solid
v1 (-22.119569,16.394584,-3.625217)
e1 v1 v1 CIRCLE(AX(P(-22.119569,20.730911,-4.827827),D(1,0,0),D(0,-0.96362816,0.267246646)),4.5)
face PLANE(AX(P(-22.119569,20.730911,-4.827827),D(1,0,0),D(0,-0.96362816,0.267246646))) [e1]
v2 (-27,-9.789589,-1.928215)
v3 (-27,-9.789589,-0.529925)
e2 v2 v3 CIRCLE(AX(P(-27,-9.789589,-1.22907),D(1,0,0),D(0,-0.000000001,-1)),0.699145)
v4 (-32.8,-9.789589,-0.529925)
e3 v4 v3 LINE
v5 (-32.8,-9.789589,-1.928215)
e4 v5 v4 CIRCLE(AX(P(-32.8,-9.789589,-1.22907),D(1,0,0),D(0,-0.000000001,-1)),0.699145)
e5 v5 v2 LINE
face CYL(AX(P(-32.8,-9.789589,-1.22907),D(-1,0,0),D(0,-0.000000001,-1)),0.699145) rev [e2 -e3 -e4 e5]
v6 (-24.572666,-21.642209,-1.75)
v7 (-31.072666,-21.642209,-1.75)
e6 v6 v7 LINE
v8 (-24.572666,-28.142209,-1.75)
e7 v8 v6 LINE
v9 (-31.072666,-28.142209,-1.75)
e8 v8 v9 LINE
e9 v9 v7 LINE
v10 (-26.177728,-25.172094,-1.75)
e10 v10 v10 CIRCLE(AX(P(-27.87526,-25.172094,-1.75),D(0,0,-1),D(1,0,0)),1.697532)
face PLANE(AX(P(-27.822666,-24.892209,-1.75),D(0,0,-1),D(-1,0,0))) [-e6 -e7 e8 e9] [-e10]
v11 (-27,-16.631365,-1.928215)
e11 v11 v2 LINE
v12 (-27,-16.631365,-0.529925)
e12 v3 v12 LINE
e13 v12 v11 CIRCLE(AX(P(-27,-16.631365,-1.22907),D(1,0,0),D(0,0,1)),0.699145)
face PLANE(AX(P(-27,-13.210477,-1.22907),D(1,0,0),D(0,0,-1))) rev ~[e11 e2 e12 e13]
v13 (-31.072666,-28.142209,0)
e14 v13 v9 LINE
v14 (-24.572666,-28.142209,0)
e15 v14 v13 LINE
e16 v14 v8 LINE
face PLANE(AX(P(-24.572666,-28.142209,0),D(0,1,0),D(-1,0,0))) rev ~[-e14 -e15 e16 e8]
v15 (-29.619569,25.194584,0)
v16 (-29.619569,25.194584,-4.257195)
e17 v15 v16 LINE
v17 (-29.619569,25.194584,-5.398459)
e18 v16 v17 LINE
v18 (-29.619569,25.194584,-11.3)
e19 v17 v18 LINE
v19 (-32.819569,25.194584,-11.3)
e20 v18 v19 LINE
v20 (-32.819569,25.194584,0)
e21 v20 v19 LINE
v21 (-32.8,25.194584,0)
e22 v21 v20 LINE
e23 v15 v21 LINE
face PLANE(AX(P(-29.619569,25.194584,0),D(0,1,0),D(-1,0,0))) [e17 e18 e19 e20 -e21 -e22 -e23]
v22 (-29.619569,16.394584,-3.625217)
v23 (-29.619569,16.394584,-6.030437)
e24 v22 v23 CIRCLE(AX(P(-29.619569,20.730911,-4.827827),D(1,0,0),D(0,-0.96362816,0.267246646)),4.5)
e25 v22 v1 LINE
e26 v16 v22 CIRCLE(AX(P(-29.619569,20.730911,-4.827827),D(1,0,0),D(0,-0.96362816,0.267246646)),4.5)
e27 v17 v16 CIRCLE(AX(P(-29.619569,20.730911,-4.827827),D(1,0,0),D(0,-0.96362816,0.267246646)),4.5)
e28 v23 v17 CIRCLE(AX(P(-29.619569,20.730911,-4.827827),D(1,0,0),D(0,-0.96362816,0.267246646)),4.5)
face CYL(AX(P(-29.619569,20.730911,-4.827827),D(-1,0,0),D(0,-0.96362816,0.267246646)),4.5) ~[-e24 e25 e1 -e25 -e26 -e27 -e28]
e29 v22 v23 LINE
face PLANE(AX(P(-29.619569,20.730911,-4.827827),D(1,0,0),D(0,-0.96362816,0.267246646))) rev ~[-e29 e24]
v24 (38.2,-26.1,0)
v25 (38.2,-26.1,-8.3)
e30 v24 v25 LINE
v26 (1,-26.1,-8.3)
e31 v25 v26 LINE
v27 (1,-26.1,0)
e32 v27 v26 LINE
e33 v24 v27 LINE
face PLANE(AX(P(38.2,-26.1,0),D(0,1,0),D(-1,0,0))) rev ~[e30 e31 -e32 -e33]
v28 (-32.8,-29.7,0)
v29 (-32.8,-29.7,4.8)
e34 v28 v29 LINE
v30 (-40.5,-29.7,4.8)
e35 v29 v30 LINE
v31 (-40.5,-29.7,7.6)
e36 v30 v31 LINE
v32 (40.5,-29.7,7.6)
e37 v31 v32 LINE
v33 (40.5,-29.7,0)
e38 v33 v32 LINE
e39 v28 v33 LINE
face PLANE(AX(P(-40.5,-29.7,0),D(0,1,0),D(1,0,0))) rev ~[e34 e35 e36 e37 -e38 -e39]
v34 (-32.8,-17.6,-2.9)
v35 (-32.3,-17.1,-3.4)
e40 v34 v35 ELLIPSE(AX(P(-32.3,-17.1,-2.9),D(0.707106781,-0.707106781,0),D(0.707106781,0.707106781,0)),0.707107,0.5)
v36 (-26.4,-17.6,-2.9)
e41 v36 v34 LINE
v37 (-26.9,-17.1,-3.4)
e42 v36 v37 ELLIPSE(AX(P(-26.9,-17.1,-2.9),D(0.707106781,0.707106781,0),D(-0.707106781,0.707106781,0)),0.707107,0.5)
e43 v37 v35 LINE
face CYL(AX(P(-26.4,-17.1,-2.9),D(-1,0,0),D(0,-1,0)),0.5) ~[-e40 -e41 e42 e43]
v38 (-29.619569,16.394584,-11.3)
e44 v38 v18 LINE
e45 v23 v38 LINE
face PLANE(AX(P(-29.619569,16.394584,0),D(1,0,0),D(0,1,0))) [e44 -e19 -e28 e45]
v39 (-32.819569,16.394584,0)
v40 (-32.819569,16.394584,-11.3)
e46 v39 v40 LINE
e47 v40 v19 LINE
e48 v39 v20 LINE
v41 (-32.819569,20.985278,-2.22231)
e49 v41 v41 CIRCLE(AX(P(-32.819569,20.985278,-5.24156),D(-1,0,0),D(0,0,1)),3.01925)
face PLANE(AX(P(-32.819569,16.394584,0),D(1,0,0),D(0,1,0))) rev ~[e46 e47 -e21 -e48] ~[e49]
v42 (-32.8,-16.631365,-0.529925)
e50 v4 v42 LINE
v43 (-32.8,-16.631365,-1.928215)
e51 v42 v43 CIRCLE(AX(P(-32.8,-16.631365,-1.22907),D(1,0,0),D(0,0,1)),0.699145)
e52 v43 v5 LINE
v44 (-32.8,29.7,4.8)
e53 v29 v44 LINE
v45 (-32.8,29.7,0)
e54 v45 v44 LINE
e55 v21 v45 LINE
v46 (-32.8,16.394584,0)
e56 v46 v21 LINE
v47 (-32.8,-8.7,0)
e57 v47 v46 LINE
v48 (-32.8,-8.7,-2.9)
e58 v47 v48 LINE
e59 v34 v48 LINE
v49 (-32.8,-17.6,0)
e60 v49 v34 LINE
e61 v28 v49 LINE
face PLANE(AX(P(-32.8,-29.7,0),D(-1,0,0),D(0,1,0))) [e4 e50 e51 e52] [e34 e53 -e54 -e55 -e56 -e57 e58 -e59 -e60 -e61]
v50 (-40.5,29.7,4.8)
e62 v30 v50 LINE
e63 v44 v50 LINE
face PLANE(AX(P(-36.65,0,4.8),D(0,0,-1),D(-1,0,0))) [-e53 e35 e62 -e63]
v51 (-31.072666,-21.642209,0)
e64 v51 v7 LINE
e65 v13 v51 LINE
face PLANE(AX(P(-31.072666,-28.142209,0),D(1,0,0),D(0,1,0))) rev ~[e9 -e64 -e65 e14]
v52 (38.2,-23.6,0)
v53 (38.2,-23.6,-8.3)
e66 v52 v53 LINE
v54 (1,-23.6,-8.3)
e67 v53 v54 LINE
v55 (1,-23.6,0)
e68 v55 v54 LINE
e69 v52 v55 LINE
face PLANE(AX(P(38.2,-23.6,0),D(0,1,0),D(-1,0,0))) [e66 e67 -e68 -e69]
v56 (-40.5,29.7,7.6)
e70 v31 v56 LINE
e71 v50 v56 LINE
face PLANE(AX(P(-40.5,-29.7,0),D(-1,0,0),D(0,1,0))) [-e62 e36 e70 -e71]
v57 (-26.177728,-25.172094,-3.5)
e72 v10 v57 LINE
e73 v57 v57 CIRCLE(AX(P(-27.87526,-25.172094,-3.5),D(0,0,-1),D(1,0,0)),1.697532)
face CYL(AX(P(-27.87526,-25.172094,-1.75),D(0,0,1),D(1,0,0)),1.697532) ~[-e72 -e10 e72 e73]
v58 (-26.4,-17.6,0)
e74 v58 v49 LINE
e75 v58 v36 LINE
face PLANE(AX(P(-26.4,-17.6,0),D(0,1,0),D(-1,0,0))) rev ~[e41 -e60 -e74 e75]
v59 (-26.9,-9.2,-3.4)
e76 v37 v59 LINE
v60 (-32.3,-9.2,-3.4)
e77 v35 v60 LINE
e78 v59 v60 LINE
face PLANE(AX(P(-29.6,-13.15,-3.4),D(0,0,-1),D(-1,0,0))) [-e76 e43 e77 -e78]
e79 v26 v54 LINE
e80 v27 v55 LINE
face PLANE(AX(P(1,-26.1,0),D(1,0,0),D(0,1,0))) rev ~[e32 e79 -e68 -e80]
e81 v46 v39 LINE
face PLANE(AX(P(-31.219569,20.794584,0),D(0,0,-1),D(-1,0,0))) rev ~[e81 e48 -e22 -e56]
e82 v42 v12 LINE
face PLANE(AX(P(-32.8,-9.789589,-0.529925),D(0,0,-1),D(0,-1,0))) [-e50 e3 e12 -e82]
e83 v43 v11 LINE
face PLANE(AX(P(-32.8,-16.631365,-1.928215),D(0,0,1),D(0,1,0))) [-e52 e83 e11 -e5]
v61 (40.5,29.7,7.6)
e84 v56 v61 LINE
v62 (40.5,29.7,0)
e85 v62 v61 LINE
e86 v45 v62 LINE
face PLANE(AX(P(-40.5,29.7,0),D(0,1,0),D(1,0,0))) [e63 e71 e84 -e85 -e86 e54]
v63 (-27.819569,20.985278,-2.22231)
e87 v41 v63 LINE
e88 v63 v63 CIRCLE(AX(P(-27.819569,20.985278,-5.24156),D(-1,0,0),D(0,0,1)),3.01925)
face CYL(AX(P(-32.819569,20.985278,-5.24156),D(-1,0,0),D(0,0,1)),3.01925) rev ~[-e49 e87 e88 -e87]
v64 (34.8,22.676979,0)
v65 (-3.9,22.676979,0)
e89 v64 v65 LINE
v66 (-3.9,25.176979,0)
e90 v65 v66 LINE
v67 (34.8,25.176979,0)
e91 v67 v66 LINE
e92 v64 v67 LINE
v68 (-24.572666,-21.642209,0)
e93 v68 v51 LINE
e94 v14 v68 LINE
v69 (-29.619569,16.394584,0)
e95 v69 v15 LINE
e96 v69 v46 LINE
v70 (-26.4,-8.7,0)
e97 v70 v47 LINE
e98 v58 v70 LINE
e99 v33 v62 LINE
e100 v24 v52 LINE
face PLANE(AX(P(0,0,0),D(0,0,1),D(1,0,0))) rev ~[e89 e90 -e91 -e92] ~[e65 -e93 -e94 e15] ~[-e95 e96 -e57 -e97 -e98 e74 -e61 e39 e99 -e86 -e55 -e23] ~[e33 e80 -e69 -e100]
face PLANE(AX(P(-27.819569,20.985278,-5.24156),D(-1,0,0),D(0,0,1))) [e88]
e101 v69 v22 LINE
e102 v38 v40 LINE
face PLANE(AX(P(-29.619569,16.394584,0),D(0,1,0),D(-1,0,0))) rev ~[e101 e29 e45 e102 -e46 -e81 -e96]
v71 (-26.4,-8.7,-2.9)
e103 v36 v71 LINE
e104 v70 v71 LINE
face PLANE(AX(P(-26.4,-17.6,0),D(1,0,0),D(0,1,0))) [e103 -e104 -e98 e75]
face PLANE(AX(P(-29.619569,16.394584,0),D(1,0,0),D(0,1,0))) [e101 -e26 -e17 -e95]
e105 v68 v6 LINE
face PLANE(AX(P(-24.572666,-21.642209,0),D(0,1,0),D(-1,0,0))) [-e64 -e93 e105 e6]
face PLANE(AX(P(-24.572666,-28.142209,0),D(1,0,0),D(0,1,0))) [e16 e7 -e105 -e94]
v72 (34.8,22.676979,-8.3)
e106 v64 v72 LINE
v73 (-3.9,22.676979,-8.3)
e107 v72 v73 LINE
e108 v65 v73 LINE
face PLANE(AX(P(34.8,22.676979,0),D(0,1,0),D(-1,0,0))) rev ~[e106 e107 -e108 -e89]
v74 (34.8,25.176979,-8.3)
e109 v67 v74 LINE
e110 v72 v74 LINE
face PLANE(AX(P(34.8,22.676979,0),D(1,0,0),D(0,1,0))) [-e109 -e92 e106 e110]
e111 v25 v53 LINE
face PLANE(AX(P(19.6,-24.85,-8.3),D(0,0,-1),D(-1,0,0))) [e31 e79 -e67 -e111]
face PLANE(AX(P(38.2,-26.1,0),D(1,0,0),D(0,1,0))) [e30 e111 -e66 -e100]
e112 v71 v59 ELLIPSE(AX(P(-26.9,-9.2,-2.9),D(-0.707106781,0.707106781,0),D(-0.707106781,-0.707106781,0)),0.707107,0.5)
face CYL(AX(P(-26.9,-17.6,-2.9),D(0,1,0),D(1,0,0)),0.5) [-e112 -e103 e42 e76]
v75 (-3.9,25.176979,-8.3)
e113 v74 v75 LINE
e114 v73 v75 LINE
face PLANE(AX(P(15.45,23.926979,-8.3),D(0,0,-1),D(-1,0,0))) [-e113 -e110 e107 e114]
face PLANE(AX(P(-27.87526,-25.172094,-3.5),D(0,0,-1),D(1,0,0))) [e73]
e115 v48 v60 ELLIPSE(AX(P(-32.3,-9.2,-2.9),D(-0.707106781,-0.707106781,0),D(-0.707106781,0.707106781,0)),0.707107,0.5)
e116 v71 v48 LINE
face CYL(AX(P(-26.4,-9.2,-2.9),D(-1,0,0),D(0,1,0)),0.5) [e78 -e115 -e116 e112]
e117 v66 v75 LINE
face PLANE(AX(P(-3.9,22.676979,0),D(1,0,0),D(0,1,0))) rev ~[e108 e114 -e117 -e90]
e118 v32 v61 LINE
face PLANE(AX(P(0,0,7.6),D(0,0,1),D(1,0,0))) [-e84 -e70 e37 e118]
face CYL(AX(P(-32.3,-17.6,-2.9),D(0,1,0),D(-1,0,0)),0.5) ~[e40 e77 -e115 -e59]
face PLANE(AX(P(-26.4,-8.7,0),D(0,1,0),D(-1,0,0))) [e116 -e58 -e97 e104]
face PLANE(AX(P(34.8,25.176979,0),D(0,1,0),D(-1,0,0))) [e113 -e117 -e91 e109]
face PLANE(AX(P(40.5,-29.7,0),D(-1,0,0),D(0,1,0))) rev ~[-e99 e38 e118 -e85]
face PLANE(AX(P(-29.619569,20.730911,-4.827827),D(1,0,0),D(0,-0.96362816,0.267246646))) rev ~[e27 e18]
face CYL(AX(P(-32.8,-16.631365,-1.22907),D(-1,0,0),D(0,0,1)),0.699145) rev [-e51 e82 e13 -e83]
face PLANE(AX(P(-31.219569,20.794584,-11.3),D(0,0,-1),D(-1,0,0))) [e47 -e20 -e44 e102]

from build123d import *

# Parameters (mm, degrees)
SKETCH1_W               = 81
SKETCH1_H               = 59.4
CARRIER_BASE_DEPTH      = 7.6
SKETCH2_W               = 7.7
SKETCH2_H               = 59.4
CUT_EXTRUDE1_DEPTH      = 4.8
SKETCH3_W               = 38.7
SKETCH3_H               = 2.5
ANALOG_POWER_BANK_DEPTH = 8.3
SKETCH4_W               = 37.2
SKETCH4_H               = 2.5
DIGITAL_BANK_DEPTH      = 8.3
SKETCH5_W               = 3.2
SKETCH5_H               = 8.8
F_5V_INPUT_DEPTH        = 11.3
SKETCH7_R               = 4.5
BOSS_EXTRUDE6_DEPTH     = 7.5
SKETCH8_R               = 3.019250474
CUT_EXTRUDE2_DEPTH      = 5
SKETCH9_W               = 6.4
SKETCH9_H               = 8.9
USB_C_DEPTH             = 3.4
FILLET3_R               = 0.5
CUT_EXTRUDE3_DEPTH      = 5.8
SKETCH11_W              = 6.5
SKETCH11_H              = 6.5
BOSS_EXTRUDE12_DEPTH    = 1.75
SKETCH12_R              = 1.697531851
RESET_DEPTH             = 1.75


with BuildPart() as part:
    # Sketch1 → Carrier / Base (new body)
    with BuildSketch(Plane.XY):
        Rectangle(SKETCH1_W, SKETCH1_H)
    extrude(amount=CARRIER_BASE_DEPTH)

    # Sketch2 → Cut-Extrude1 (cut)
    with BuildSketch(Plane(origin=(0, 0, 0), x_dir=(-1, 0, 0), z_dir=(0, 0, -1))):
        with Locations((36.65, 0)):
            Rectangle(SKETCH2_W, SKETCH2_H)
    extrude(amount=-CUT_EXTRUDE1_DEPTH, mode=Mode.SUBTRACT)

    # Sketch3 → Analog / Power Bank (add)
    with BuildSketch(Plane(origin=(0, 0, 0), x_dir=(-1, 0, 0), z_dir=(0, 0, -1))):
        with Locations((-15.45, 23.926979164)):
            Rectangle(SKETCH3_W, SKETCH3_H)
    extrude(amount=ANALOG_POWER_BANK_DEPTH)

    # Sketch4 → Digital Bank (add)
    with BuildSketch(Plane(origin=(0, 0, 0), x_dir=(-1, 0, 0), z_dir=(0, 0, -1))):
        with Locations((-19.6, -24.85)):
            Rectangle(SKETCH4_W, SKETCH4_H)
    extrude(amount=DIGITAL_BANK_DEPTH)

    # Sketch5 → 5V Input (add)
    with BuildSketch(Plane(origin=(0, 0, 0), x_dir=(-1, 0, 0), z_dir=(0, 0, -1))):
        with Locations((31.21956927, 20.79458393)):
            Rectangle(SKETCH5_W, SKETCH5_H)
    extrude(amount=F_5V_INPUT_DEPTH)

    # Sketch7 → Boss-Extrude6 (add)
    with BuildSketch(Plane(origin=(-29.61956927, 0, 0), x_dir=(0, 0, -1), z_dir=(1, 0, 0))):
        with Locations(Location((4.827826856, 20.730910649, 0), (0, 0, 254.499508307))):
            Circle(SKETCH7_R)
    extrude(amount=BOSS_EXTRUDE6_DEPTH)

    # Sketch8 → Cut-Extrude2 (cut)
    with BuildSketch(Plane.ZY.offset(32.81956927)):
        with Locations((-5.241560024, 20.985277651)):
            Circle(SKETCH8_R)
    extrude(amount=-CUT_EXTRUDE2_DEPTH, mode=Mode.SUBTRACT)

    # Sketch9 → USB-C (add)
    with BuildSketch(Plane(origin=(0, 0, 0), x_dir=(-1, 0, 0), z_dir=(0, 0, -1))):
        with Locations((29.6, -13.15)):
            Rectangle(SKETCH9_W, SKETCH9_H)
    extrude(amount=USB_C_DEPTH)

    # Fillet3
    fillet3_edges = [part.edges().sort_by_distance(p)[0] for p in [
        (-32.8, -13.15, -3.4),
        (-29.6, -8.7, -3.4),
        (-26.4, -13.15, -3.4),
        (-29.6, -17.6, -3.4),
    ]]
    fillet(fillet3_edges, radius=FILLET3_R)

    # Sketch10 → Cut-Extrude3 (cut)
    with BuildSketch(Plane.ZY.offset(32.8)):
        with BuildLine():
            Line((-1.928214934, -16.631364992), (-1.928214934, -9.789588696))
            ThreePointArc((-1.928214934, -9.789588696), (-1.229070102, -9.090443863), (-0.52992527, -9.789588696))
            Line((-0.52992527, -9.789588696), (-0.52992527, -16.631364992))
            ThreePointArc((-0.52992527, -16.631364992), (-1.229070102, -17.330509824), (-1.928214934, -16.631364992))
        make_face()
    extrude(amount=-CUT_EXTRUDE3_DEPTH, mode=Mode.SUBTRACT)

    # Sketch11 → Boss-Extrude12 (add)
    with BuildSketch(Plane(origin=(0, 0, 0), x_dir=(-1, 0, 0), z_dir=(0, 0, -1))):
        with Locations((27.822665658, -24.892209285)):
            Rectangle(SKETCH11_W, SKETCH11_H)
    extrude(amount=BOSS_EXTRUDE12_DEPTH)

    # Sketch12 → Reset (add)
    with BuildSketch(Plane(origin=(0, 0, -1.75), x_dir=(-1, 0, 0), z_dir=(0, 0, -1))):
        with Locations(Location((27.87525987, -25.172094467, 0), (0, 0, 180))):
            Circle(SKETCH12_R)
    extrude(amount=RESET_DEPTH)


solid = part.part
